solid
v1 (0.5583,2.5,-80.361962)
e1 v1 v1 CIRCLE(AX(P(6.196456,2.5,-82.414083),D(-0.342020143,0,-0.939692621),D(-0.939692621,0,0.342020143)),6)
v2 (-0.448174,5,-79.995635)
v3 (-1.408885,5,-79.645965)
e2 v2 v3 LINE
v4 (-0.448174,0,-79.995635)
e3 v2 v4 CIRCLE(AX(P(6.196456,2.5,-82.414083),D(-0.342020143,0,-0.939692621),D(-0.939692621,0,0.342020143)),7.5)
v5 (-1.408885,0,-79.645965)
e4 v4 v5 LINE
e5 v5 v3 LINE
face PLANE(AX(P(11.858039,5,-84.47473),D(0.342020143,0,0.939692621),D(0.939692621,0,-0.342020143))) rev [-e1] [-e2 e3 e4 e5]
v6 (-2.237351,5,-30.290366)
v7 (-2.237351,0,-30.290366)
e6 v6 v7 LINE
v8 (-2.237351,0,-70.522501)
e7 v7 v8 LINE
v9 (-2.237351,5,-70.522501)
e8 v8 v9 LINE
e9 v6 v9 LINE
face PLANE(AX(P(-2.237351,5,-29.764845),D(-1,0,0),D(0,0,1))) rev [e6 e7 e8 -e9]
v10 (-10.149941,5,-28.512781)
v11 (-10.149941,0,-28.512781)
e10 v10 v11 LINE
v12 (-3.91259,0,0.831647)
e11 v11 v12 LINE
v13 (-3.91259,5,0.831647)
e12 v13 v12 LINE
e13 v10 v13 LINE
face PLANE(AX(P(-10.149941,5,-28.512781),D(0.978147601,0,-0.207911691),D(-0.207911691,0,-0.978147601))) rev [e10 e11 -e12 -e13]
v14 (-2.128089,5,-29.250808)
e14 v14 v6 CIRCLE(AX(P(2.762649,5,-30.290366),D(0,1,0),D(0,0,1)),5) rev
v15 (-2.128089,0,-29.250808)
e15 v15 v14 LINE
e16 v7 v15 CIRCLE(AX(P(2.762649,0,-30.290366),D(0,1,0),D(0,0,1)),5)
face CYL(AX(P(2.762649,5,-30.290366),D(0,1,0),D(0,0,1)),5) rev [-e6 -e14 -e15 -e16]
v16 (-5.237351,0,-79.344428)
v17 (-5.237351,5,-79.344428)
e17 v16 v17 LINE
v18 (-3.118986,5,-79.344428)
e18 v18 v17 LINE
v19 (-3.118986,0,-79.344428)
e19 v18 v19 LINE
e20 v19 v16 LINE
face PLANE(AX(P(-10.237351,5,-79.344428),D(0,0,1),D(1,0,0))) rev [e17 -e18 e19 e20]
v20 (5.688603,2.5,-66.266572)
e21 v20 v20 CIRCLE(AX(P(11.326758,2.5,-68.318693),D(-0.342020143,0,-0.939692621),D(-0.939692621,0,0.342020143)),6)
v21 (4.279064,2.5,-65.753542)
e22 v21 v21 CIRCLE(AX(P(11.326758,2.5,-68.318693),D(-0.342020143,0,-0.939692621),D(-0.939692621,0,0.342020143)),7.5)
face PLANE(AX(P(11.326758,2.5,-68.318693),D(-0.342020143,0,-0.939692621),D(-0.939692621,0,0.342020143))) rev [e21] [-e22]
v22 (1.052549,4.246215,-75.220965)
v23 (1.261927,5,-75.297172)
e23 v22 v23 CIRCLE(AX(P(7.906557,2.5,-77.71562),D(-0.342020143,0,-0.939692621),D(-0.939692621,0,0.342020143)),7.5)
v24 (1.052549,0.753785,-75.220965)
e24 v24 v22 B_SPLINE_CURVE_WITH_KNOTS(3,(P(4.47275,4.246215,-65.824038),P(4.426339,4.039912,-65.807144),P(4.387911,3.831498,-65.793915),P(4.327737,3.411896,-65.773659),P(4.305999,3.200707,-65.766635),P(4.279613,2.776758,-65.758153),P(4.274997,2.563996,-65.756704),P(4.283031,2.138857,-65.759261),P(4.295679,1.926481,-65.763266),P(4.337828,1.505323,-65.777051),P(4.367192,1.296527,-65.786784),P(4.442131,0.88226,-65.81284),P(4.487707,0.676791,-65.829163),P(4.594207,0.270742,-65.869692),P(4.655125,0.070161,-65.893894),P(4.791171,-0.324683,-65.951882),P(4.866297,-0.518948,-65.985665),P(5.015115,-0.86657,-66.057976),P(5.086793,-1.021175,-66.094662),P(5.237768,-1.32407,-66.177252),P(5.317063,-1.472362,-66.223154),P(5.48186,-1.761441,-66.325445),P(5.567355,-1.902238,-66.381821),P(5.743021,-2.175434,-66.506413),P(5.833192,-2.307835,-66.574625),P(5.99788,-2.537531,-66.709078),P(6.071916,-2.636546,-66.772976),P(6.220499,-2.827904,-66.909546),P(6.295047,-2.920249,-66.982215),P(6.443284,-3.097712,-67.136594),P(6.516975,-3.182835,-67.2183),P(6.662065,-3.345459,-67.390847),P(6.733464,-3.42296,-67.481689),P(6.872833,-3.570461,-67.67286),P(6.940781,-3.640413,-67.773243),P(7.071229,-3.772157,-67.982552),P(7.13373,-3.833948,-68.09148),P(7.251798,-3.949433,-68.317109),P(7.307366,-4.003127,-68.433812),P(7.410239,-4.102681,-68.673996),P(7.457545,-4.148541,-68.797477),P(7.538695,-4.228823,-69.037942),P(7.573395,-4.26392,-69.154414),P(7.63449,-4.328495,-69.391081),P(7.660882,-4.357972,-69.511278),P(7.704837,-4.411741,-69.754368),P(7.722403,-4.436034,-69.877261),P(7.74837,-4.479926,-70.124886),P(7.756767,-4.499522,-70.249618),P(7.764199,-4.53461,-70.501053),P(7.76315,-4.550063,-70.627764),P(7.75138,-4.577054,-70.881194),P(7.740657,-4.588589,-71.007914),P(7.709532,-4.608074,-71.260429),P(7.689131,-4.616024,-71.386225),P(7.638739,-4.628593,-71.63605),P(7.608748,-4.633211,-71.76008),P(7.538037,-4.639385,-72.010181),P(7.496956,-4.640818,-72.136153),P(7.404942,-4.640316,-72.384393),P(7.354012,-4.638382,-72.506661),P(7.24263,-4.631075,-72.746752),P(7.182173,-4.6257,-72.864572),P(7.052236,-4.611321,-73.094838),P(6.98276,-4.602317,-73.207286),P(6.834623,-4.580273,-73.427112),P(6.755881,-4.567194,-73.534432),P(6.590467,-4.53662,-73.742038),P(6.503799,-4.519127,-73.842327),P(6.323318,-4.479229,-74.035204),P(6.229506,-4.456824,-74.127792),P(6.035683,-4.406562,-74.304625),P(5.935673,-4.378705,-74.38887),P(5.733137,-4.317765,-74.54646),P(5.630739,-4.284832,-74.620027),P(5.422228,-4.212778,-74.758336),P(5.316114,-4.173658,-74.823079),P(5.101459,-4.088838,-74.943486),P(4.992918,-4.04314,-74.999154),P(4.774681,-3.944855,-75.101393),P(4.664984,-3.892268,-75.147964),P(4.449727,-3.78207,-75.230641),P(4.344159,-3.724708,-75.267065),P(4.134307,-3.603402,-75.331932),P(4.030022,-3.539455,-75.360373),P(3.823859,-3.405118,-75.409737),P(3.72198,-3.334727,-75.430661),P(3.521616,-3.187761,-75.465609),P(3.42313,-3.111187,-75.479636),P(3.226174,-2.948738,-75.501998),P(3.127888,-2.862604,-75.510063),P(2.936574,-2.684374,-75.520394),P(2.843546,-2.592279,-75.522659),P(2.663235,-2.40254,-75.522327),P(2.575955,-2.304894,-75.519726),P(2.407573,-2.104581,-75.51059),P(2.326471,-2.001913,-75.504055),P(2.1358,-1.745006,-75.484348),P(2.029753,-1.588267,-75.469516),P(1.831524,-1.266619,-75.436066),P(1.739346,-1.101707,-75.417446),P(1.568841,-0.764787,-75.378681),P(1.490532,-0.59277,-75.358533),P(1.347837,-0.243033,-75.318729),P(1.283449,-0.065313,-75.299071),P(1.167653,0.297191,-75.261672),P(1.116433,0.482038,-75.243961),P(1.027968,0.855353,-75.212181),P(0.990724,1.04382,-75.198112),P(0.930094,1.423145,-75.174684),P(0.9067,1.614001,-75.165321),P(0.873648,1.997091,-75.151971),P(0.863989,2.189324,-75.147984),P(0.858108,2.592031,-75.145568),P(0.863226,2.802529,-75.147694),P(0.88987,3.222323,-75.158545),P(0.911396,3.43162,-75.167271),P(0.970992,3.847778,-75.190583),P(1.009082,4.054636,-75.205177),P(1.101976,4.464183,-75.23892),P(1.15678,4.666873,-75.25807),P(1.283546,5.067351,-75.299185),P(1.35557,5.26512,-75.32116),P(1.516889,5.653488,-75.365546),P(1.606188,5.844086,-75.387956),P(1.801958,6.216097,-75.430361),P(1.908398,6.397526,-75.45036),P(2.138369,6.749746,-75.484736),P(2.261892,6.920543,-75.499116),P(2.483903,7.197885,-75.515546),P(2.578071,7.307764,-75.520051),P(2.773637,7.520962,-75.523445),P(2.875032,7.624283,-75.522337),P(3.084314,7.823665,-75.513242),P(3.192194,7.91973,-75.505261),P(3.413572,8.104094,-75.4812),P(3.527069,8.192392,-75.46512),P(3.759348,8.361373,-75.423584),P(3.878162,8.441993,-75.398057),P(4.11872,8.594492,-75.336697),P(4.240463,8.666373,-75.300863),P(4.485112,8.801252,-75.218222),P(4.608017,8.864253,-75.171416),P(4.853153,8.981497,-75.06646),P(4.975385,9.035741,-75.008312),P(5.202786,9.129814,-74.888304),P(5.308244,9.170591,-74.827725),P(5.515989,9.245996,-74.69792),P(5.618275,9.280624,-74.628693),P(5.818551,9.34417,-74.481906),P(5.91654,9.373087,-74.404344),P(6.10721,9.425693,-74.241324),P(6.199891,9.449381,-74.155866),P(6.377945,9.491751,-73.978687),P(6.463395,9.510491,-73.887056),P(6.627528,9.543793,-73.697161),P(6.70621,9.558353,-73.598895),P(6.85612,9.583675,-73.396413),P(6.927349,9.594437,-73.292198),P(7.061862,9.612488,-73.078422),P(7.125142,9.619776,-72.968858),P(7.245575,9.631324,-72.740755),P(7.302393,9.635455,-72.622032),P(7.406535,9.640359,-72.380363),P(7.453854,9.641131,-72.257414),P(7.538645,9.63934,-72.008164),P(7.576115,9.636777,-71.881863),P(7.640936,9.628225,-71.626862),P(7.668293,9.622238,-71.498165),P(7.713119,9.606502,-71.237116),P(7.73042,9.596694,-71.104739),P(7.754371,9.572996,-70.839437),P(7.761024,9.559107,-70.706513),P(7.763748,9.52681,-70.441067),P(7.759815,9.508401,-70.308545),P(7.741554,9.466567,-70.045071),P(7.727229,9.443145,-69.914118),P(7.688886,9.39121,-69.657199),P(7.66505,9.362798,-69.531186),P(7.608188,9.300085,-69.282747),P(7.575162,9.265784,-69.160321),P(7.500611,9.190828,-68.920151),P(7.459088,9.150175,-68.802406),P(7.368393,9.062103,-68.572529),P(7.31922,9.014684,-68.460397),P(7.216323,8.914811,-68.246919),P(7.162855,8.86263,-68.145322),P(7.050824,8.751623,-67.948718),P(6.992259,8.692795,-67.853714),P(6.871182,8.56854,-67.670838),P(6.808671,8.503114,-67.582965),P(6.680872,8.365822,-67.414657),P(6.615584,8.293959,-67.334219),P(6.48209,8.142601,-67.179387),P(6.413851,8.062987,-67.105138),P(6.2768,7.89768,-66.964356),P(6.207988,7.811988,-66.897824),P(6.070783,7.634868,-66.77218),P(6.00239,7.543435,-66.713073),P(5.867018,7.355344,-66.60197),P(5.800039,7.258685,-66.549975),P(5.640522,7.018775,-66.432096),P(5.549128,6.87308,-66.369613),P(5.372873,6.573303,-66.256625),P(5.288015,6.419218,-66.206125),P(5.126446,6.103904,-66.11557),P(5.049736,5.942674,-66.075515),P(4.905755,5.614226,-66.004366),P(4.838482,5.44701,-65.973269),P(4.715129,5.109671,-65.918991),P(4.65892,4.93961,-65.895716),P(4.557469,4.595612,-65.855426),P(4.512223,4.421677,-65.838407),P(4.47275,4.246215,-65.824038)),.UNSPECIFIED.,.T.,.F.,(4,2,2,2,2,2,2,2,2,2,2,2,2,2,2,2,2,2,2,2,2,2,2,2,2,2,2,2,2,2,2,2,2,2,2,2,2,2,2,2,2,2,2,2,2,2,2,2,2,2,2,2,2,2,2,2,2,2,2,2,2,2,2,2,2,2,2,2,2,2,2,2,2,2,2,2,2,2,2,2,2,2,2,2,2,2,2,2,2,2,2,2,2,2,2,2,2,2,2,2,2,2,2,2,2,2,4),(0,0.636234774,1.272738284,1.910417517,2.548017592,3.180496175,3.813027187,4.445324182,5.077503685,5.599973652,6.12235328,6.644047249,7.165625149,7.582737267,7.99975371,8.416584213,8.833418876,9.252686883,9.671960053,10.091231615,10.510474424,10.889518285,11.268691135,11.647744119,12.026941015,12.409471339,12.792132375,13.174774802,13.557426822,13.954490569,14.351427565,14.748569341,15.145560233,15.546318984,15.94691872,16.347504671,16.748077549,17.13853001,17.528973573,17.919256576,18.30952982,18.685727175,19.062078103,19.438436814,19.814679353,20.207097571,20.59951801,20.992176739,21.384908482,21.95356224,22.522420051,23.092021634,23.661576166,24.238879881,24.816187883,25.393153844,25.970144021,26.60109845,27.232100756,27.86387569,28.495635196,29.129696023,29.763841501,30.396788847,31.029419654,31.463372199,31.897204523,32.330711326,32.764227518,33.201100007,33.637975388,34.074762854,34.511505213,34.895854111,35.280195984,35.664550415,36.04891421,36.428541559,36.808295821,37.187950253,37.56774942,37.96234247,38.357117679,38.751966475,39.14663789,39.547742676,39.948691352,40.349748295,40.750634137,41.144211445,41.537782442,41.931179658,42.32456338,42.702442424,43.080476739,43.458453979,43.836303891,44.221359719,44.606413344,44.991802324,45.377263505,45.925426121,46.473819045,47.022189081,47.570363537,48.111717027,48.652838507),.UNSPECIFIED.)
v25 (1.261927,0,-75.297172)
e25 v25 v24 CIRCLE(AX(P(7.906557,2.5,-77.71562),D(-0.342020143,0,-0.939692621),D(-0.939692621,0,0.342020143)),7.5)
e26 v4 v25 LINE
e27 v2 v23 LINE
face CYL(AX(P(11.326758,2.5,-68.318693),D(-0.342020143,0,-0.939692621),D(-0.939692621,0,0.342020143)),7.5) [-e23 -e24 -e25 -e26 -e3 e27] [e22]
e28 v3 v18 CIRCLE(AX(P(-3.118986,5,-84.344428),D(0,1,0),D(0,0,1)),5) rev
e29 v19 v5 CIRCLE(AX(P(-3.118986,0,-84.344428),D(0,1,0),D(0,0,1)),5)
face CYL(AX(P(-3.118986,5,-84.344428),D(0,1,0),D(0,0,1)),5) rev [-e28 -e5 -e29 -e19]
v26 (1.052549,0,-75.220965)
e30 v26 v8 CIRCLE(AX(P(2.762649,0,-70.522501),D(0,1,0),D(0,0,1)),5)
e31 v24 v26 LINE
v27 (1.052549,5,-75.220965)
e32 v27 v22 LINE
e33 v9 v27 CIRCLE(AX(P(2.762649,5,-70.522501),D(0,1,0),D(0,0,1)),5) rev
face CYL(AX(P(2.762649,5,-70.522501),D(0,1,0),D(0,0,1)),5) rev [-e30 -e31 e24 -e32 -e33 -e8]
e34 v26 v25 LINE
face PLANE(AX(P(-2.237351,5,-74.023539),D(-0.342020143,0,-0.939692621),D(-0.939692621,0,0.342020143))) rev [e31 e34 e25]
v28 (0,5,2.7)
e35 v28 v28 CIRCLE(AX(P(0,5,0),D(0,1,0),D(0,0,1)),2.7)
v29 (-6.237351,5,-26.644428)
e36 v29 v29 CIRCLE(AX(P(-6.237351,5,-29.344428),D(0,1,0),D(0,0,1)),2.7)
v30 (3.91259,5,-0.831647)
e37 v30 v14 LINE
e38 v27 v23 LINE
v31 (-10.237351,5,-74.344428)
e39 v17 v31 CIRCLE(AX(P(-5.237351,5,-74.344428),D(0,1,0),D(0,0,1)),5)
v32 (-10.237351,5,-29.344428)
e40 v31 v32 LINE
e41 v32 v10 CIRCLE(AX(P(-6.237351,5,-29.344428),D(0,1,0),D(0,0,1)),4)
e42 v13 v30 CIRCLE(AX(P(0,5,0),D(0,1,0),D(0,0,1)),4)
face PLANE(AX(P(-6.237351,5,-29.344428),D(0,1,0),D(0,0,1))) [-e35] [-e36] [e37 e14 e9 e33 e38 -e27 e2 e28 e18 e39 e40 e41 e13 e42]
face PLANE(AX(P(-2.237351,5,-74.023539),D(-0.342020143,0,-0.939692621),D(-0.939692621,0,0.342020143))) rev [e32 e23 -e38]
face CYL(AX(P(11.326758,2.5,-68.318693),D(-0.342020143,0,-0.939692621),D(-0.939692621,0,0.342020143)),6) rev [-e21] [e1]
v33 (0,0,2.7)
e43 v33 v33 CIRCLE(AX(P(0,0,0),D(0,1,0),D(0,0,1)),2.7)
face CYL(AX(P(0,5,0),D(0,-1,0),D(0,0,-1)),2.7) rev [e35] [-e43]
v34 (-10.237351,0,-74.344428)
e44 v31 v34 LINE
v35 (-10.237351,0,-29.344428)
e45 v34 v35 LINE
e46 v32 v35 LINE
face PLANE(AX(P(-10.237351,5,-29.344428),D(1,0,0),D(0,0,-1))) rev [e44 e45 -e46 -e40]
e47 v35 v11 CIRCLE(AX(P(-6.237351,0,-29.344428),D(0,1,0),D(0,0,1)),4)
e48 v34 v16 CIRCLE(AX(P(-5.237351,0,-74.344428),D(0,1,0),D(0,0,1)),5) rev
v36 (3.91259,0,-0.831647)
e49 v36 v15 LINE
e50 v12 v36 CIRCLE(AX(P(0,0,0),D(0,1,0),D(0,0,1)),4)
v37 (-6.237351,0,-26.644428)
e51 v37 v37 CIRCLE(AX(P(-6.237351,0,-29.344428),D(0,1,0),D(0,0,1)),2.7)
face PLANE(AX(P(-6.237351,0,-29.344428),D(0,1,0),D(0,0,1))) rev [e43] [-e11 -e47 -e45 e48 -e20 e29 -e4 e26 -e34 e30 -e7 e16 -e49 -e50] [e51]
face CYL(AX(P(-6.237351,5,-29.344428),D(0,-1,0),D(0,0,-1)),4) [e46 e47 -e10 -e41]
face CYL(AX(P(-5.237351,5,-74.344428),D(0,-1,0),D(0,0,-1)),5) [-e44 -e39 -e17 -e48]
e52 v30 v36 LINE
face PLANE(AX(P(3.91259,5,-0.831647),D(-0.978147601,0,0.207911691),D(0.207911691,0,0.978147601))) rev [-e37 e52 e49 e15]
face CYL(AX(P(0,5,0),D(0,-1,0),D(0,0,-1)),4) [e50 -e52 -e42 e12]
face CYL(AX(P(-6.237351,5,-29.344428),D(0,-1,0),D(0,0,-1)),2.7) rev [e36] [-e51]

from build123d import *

# Parameters (mm, degrees)
SKETCH1_R           = 2.7
BOSS_EXTRUDE2_DEPTH = 5
FILLET2_R           = 5
SKETCH2_R           = 7.5
SKETCH2_R_2         = 6
BOSS_EXTRUDE3_DEPTH = 15
CUT_EXTRUDE1_DEPTH  = 15


with BuildPart() as part:
    # Sketch1 → Boss-Extrude2 (new body)
    with BuildSketch(Plane(origin=(0, 0, 0), x_dir=(1, 0, 0), z_dir=(0, 1, 0))):
        with BuildLine():
            Line((-10.149941127, 28.512781259), (-3.912590403, -0.831646763))
            ThreePointArc((-3.912590403, -0.831646763), (0.831646763, -3.912590403), (3.912590403, 0.831646763))
            Line((3.912590403, 0.831646763), (-2.237350725, 29.764844963))
            Line((-2.237350725, 29.764844963), (-2.237350725, 74.02353916))
            Line((-2.237350725, 74.02353916), (13.568139304, 79.776267068))
            Line((13.568139304, 79.776267068), (11.858038587, 84.474730172))
            Line((11.858038587, 84.474730172), (-2.237350725, 79.344428022))
            Line((-2.237350725, 79.344428022), (-10.237350725, 79.344428022))
            Line((-10.237350725, 79.344428022), (-10.237350725, 29.344428022))
            ThreePointArc((-10.237350725, 29.344428022), (-10.215438306, 28.926314169), (-10.149941127, 28.512781259))
        make_face()
        with Locations((-6.237350725, 29.344428022)):
            Circle(SKETCH1_R, mode=Mode.SUBTRACT)
        Circle(SKETCH1_R, mode=Mode.SUBTRACT)
    extrude(amount=BOSS_EXTRUDE2_DEPTH)

    # Fillet2
    fillet2_edges = [part.edges().sort_by_distance(p)[0] for p in [
        (-2.237350725, 2.5, -79.344428022),
        (-10.237350725, 2.5, -79.344428022),
        (-2.237350725, 2.5, -74.02353916),
        (-2.237350725, 2.5, -29.764844963),
    ]]
    fillet(fillet2_edges, radius=FILLET2_R)

    # Sketch2 → Boss-Extrude3 (add)
    with BuildSketch(Plane(origin=(-25.762527932, 0, -70.781963762), x_dir=(-0.9396926207859105, 0, 0.3420201433256629), z_dir=(-0.34202014332566294, 0, -0.9396926207859106))):
        with Locations((-34.010040431, 2.5)):
            Circle(SKETCH2_R)
        with Locations((-34.010040431, 2.5)):
            Circle(SKETCH2_R_2, mode=Mode.SUBTRACT)
    extrude(amount=-BOSS_EXTRUDE3_DEPTH)

    # Sketch2<2> → Cut-Extrude1 (cut)
    with BuildSketch(Plane(origin=(-25.762527932, 0, -70.781963762), x_dir=(-0.9396926207859105, 0, 0.3420201433256629), z_dir=(-0.34202014332566294, 0, -0.9396926207859106))):
        with BuildLine():
            ThreePointArc((-28.010040431, 2.5), (-28.148038369, 3.779426367), (-28.555684374, 5))
            Line((-28.555684374, 5), (-39.464396489, 5))
            ThreePointArc((-39.464396489, 5), (-40.010040431, 2.5), (-39.464396489, 0))
            Line((-39.464396489, 0), (-28.555684374, 0))
            ThreePointArc((-28.555684374, 0), (-28.148038369, 1.220573633), (-28.010040431, 2.5))
        make_face()
    extrude(amount=-CUT_EXTRUDE1_DEPTH, mode=Mode.SUBTRACT)


solid = part.part
